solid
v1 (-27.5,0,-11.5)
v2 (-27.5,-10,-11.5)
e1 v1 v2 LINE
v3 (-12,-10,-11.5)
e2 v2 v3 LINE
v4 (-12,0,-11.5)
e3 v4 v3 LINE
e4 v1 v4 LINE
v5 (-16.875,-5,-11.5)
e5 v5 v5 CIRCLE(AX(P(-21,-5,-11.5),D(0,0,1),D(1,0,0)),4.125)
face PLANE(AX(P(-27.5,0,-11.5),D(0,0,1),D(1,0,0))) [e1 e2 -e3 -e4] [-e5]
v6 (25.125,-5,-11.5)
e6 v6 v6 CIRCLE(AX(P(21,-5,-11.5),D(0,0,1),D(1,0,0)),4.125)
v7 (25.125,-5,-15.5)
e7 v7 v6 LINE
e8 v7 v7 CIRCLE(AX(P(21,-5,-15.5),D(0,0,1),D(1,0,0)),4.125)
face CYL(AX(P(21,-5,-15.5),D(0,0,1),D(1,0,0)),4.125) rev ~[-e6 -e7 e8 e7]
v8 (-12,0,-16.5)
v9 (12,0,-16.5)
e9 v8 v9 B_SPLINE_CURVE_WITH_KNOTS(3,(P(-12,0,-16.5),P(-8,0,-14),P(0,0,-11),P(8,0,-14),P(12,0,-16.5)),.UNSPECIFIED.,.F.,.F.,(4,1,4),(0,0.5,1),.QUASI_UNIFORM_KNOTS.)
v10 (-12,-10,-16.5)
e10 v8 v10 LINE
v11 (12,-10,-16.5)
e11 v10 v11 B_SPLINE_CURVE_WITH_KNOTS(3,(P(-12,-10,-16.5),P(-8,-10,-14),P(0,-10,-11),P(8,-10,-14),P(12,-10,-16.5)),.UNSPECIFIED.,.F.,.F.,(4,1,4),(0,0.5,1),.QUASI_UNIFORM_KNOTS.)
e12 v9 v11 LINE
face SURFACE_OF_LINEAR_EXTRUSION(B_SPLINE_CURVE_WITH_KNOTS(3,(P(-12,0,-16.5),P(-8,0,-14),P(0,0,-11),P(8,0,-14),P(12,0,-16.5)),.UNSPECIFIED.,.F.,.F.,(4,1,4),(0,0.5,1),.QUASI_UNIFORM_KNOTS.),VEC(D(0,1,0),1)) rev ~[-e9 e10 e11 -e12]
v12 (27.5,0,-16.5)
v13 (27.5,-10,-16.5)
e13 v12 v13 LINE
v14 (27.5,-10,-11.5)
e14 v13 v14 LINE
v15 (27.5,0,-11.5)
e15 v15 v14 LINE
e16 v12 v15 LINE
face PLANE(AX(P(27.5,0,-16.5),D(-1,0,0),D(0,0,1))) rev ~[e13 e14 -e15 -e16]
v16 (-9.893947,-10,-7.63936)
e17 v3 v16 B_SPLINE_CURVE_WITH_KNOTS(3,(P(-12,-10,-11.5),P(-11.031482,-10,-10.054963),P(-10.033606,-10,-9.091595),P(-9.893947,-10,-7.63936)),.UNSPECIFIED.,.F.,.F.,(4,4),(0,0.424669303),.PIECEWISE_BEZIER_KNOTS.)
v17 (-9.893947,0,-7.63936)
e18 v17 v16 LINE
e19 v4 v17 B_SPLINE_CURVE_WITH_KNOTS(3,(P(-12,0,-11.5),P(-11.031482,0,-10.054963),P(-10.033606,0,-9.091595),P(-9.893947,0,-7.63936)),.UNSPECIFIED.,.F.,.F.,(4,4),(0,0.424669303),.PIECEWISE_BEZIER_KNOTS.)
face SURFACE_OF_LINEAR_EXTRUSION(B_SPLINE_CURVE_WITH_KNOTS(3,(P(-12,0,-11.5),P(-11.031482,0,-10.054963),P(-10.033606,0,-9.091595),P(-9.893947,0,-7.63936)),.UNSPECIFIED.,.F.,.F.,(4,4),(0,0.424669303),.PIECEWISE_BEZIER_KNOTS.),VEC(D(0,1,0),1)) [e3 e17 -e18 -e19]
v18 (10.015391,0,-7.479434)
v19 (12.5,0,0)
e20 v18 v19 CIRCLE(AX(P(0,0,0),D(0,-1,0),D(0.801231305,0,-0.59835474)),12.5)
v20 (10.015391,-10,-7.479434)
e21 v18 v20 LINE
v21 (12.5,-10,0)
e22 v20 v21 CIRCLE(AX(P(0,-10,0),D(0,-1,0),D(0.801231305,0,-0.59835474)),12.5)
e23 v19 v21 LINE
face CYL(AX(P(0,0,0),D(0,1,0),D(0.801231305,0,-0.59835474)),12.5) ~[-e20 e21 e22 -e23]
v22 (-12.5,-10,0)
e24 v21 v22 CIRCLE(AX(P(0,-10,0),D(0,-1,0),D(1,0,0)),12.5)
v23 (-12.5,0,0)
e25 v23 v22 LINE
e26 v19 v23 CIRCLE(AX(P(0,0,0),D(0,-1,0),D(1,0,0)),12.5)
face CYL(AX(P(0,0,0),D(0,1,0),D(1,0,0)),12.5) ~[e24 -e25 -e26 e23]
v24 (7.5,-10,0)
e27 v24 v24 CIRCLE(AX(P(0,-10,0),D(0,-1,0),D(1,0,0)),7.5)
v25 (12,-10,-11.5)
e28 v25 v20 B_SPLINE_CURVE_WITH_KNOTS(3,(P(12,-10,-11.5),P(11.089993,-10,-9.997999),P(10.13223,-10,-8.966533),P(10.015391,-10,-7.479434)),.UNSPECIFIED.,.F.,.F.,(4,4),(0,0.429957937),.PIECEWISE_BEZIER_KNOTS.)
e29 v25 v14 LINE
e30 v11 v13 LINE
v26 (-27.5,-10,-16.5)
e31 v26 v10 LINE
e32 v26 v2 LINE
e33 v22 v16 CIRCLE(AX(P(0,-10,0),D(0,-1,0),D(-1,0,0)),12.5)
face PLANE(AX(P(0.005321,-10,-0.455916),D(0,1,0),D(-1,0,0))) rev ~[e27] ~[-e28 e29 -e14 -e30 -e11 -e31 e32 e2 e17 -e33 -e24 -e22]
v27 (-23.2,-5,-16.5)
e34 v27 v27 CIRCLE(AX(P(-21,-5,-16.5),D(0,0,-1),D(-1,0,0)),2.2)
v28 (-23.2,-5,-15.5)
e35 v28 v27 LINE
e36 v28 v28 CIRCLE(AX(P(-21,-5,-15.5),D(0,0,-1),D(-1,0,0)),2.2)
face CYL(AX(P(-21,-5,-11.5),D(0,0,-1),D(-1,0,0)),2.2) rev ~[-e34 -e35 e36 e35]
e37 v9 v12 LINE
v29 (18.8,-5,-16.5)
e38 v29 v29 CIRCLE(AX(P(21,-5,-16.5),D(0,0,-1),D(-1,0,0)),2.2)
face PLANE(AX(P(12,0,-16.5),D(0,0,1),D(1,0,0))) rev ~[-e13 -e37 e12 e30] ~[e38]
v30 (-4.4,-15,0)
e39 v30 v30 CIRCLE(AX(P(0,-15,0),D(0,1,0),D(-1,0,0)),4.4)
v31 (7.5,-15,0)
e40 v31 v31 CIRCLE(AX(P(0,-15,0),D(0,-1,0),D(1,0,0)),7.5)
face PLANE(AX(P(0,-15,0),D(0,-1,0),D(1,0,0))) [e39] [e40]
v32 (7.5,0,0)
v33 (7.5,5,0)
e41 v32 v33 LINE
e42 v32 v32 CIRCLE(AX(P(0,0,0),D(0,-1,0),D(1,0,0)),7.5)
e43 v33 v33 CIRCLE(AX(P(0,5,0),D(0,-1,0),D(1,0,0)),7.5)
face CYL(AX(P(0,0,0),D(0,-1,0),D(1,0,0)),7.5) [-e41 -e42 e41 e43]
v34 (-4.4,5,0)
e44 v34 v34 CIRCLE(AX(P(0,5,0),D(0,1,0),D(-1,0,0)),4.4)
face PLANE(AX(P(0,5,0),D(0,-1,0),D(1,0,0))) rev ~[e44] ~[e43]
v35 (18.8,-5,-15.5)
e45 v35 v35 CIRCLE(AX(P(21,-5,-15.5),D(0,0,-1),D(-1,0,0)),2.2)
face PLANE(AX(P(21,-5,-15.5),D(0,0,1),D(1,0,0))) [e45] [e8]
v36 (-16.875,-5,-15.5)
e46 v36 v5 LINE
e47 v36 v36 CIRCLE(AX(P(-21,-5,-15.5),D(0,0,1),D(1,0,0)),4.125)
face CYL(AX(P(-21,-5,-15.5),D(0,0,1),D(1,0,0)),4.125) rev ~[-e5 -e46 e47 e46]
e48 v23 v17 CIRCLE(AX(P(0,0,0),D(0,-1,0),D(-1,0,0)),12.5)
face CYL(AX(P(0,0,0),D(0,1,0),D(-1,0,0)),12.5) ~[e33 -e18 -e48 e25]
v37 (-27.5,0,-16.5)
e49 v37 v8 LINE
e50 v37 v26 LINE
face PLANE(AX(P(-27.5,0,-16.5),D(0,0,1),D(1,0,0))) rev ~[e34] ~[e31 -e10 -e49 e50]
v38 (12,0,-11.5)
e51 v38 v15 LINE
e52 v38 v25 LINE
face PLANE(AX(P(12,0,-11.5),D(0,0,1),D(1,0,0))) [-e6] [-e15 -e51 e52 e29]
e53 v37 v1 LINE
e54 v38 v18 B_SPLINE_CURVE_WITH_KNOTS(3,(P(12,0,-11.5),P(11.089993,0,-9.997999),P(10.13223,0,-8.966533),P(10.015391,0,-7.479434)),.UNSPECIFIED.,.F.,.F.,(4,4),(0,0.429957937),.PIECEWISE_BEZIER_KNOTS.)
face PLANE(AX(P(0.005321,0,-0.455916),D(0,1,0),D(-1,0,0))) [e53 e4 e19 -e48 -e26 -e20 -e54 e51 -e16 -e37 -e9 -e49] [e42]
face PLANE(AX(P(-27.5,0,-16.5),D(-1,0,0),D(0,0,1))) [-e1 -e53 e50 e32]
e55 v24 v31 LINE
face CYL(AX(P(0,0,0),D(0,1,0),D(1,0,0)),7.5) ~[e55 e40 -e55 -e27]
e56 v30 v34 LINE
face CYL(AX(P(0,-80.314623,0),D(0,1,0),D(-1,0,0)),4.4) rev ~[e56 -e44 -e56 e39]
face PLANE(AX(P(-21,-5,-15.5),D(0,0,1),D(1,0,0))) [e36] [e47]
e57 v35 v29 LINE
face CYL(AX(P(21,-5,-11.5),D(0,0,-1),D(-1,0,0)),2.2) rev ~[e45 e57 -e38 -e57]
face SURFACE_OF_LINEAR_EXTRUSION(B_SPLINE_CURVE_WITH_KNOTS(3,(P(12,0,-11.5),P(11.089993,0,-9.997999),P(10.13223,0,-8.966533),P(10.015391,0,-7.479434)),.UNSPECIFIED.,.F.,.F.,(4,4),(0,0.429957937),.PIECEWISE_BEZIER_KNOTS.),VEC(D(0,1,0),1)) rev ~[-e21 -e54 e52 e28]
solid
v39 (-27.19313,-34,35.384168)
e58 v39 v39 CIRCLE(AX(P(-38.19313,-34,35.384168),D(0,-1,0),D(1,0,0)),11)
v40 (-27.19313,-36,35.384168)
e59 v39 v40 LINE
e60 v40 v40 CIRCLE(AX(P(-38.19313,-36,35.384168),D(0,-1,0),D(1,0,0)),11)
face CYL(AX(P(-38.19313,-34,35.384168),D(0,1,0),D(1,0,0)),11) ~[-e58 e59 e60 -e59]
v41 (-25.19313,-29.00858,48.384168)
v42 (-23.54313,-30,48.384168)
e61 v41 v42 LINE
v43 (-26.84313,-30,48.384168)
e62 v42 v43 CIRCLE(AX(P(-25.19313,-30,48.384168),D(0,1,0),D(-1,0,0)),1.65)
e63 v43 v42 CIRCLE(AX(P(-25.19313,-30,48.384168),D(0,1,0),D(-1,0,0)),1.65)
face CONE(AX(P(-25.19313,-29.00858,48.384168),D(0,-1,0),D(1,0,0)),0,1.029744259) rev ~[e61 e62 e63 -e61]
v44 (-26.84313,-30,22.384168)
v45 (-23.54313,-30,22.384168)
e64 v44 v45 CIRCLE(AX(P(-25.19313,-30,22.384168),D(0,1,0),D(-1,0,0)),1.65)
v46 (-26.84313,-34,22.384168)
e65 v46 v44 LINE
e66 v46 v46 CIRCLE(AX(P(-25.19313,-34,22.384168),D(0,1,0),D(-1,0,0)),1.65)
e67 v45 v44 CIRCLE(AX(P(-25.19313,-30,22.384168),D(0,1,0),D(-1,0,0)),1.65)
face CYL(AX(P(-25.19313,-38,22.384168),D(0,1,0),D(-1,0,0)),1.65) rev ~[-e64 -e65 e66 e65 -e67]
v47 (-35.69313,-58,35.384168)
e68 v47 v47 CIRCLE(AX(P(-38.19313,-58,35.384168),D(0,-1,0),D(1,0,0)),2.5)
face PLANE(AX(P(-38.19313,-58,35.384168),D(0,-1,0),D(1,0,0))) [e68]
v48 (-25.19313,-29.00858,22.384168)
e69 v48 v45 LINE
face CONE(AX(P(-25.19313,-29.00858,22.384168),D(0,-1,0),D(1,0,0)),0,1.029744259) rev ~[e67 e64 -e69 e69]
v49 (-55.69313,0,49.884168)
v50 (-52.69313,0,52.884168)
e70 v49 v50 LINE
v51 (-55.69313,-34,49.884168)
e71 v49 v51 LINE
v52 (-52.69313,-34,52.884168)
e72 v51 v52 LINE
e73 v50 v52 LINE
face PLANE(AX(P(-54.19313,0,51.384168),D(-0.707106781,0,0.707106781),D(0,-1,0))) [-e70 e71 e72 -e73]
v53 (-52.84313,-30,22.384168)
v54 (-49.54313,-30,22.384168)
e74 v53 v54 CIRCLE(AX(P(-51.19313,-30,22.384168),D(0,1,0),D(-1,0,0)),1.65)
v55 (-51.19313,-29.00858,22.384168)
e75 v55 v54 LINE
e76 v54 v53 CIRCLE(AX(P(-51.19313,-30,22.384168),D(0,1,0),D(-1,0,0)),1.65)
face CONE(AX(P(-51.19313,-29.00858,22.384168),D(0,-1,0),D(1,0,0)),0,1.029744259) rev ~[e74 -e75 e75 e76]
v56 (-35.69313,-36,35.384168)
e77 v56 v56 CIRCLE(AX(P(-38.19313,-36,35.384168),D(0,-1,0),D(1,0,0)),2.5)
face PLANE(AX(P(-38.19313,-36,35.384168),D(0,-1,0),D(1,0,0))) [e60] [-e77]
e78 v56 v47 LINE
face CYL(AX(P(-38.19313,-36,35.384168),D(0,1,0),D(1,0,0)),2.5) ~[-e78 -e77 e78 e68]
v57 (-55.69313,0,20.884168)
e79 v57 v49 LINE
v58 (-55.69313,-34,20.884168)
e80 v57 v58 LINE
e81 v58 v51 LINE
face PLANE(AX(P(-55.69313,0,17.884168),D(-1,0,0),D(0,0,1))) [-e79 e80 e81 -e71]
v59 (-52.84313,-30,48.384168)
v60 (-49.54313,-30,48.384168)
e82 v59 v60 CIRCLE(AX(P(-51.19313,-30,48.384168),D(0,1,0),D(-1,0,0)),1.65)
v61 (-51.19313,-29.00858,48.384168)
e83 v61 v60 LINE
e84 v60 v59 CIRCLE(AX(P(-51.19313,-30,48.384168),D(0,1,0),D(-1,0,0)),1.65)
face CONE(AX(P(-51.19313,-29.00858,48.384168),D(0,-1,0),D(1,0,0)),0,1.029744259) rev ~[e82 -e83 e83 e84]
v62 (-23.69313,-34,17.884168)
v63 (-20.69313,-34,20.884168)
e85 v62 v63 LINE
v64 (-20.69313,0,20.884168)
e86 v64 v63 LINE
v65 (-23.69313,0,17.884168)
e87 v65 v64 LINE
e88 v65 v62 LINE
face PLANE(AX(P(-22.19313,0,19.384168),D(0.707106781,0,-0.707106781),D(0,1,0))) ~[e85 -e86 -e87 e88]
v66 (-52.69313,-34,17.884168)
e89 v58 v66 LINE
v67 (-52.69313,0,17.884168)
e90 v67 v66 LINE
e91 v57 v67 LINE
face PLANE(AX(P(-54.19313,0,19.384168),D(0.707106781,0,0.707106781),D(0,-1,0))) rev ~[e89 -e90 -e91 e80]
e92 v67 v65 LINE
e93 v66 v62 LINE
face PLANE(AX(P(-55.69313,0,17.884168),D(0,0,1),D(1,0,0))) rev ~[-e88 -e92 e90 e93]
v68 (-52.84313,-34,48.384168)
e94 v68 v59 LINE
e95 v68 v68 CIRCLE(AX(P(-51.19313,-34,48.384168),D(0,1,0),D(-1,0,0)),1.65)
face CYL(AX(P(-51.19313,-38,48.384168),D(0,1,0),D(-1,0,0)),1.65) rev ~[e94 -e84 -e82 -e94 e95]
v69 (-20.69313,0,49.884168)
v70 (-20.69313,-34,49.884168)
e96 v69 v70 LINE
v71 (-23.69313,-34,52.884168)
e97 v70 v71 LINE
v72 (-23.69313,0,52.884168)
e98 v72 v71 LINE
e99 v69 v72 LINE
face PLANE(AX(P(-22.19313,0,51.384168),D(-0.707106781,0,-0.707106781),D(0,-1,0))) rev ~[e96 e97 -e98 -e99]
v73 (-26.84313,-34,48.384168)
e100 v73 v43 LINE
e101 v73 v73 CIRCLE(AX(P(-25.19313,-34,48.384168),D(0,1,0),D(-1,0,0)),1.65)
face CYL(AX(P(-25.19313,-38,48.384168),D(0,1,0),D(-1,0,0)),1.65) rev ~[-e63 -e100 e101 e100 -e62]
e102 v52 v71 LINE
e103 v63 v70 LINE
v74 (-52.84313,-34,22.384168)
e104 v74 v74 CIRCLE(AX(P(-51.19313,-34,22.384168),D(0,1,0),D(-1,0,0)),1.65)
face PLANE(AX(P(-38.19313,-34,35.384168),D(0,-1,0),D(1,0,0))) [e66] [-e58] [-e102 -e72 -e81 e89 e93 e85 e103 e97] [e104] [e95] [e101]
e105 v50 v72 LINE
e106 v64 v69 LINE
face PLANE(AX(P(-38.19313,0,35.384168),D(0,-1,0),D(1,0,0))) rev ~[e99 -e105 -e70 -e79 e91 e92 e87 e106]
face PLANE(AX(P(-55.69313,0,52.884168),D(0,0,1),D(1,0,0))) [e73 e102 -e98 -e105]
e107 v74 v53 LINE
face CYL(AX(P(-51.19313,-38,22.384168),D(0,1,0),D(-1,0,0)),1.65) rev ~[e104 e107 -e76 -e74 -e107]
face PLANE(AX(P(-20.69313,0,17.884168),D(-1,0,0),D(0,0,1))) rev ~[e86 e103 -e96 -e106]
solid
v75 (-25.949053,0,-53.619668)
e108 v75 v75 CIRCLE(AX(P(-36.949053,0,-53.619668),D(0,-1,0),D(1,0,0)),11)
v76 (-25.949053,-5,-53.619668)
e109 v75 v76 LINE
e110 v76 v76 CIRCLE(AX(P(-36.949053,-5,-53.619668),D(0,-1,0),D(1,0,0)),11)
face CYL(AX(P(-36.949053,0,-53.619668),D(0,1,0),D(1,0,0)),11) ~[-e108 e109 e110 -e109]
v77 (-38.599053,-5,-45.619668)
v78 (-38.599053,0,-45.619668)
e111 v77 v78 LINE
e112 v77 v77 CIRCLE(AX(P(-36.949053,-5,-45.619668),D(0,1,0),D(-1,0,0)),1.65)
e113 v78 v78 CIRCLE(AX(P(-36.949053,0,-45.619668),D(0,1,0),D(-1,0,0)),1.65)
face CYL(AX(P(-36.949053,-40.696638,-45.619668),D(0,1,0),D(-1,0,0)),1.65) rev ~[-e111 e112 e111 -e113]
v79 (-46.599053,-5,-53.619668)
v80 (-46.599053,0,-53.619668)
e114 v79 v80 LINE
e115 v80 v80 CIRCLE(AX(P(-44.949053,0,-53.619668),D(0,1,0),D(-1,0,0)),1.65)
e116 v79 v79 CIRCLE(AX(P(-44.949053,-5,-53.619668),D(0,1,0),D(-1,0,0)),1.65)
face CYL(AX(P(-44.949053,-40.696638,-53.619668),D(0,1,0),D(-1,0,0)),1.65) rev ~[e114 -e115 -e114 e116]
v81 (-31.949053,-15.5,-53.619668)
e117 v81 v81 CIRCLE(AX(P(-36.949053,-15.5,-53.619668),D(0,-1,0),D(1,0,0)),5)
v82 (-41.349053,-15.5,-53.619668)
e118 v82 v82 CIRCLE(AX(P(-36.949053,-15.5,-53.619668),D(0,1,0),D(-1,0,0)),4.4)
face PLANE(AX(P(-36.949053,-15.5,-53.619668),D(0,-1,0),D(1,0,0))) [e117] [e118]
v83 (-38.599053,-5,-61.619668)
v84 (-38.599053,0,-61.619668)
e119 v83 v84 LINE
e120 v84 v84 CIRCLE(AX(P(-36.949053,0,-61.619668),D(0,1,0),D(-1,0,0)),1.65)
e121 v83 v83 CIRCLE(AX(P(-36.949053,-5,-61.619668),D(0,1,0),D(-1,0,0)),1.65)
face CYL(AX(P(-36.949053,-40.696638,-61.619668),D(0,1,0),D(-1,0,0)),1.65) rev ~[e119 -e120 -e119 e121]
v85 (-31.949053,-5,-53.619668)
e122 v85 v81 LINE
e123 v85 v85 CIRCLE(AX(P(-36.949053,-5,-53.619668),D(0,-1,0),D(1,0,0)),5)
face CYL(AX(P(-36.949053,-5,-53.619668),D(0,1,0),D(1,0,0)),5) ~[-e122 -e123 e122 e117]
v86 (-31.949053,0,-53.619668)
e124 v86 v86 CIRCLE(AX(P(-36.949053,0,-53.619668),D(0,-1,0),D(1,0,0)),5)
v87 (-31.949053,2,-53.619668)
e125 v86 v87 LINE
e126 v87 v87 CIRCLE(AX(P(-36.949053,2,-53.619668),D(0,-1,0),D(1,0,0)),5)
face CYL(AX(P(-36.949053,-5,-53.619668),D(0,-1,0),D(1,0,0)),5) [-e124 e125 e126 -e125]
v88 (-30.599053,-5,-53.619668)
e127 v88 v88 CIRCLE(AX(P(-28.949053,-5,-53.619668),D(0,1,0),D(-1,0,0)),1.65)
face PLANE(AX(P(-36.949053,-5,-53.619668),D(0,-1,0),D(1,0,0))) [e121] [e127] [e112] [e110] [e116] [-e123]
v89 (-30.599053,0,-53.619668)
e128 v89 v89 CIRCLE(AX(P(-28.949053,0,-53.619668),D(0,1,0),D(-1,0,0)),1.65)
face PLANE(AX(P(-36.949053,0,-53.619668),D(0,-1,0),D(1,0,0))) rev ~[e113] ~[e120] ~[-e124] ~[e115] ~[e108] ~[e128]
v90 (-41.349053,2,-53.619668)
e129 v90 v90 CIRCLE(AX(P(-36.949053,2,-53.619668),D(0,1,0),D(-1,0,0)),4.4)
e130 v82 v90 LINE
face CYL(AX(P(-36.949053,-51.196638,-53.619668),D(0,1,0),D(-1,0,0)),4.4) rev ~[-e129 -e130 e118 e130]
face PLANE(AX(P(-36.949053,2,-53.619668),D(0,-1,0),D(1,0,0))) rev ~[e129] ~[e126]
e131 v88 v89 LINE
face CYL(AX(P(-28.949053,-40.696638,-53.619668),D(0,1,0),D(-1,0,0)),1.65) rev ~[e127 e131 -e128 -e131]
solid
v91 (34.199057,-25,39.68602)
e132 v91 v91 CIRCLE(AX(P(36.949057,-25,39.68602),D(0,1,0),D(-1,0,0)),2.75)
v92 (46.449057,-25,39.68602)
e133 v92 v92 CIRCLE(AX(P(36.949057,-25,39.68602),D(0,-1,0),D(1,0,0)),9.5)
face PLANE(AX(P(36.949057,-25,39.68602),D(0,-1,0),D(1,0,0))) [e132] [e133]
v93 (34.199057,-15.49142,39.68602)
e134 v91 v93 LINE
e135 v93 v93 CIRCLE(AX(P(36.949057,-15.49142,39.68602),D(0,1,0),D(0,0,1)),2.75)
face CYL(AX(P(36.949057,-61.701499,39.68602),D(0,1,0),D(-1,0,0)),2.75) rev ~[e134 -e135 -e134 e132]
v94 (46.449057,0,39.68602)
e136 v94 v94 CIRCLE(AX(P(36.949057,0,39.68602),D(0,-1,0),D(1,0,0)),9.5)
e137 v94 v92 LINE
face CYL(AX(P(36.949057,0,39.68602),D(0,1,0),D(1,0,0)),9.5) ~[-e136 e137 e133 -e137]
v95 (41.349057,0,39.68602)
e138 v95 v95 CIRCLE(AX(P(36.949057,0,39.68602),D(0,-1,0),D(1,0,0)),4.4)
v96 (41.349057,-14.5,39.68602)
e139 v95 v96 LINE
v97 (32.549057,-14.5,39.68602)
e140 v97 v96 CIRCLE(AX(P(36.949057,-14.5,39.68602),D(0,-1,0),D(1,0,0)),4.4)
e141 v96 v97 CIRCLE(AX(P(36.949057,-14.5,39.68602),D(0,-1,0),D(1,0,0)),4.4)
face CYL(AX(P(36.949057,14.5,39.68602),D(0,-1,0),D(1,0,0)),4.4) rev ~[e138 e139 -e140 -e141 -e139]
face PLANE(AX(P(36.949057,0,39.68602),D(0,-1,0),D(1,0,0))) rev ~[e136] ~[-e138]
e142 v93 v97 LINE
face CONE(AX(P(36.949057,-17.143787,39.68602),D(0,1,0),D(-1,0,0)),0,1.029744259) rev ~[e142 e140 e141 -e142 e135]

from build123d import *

# Parameters (mm, degrees)
F0_R           = 7.5
F0_W           = 15.5
F0_H           = 5
F1_DEPTH       = 10
F3_D           = 4.4
F3_CBORE_D     = 8.25
F3_CBORE_DEPTH = 4
F4_R           = 7.5
F5_DEPTH       = 15
F5_DEPTH_BACK  = 5
F7_D           = 8.8
F8_W           = 35
F8_H           = 35
F9_DEPTH       = 34
F10_SIZE       = 3
F12_D          = 3.3
F12_DEPTH      = 4
F12_TIP        = 0.9914200214
F13_R          = 11
F14_DEPTH      = 2
F15_R          = 2.5
F16_DEPTH      = 22
F17_R          = 9.5
F18_DEPTH      = 25
F20_D          = 5.5
F22_D          = 8.8
F22_DEPTH      = 14.5
F22_TIP        = 2.6437867237
F23_R          = 11
F24_DEPTH      = 5
F25_R          = 5
F26_DEPTH      = 10.5
F26_DEPTH_BACK = 7
F28_D          = 3.3
F30_D          = 8.8


with BuildPart() as f1:
    # F0 (on Front) → F1 (new body)
    with BuildSketch(Plane.XZ):
        with BuildLine():
            add(Edge.make_bspline(
                [(-9.8939468786, -7.6393596042), (-9.7047409223, -5.6719102787), (-11.090716619, -2.8071900072), (-12.5, 0)],
                knots=[0.4246693025, 0.4246693025, 0.4246693025, 0.4246693025, 1, 1, 1, 1], degree=3))
            ThreePointArc((-9.8939468786, -7.6393596042), (-5.511715021, -11.2192244619), (2e-10, -12.5))
            ThreePointArc((2e-10, -12.5), (5.6016547487, -11.1745901078), (10.0153913186, -7.4794342524))
            add(Edge.make_bspline(
                [(10.0153913186, -7.4794342524), (9.860485112, -5.5078260752), (11.1837295075, -2.7353221403), (12.5, 0)],
                knots=[0.4299579373, 0.4299579373, 0.4299579373, 0.4299579373, 1, 1, 1, 1], degree=3))
            ThreePointArc((12.5, 0), (0, 12.5), (-12.5, 0))
        make_face()
        Circle(F0_R, mode=Mode.SUBTRACT)
        with Locations((-19.75, -14)):
            Rectangle(F0_W, F0_H)
        with Locations((19.75, -14)):
            Rectangle(F0_W, F0_H)
        with BuildLine():
            add(Edge.make_bspline(
                [(-12, -11.5), (-11.0314817091, -10.0549629877), (-10.0336056207, -9.0915945297), (-9.8939468786, -7.6393596042)],
                knots=[0, 0, 0, 0, 0.4246693025, 0.4246693025, 0.4246693025, 0.4246693025], degree=3))
            Line((-12, -11.5), (-12, -16.5))
            add(Edge.make_bspline(
                [(-12, -16.5), (-8, -14), (-4, -12.5), (0, -12.5)],
                knots=[0, 0, 0, 0, 0.5, 0.5, 0.5, 0.5], degree=3))
            ThreePointArc((2e-10, -12.5), (-5.511715021, -11.2192244619), (-9.8939468786, -7.6393596042))
        make_face()
        with BuildLine():
            ThreePointArc((-12.5, 0), (-11.830560764, -4.0358186293), (-9.8939468786, -7.6393596042))
            add(Edge.make_bspline(
                [(-9.8939468786, -7.6393596042), (-9.7047409223, -5.6719102787), (-11.090716619, -2.8071900072), (-12.5, 0)],
                knots=[0.4246693025, 0.4246693025, 0.4246693025, 0.4246693025, 1, 1, 1, 1], degree=3))
        make_face()
        with BuildLine():
            ThreePointArc((10.0153913186, -7.4794342524), (5.6016547487, -11.1745901078), (2e-10, -12.5))
            add(Edge.make_bspline(
                [(0, -12.5), (4, -12.5), (8, -14), (12, -16.5)],
                knots=[0.5, 0.5, 0.5, 0.5, 1, 1, 1, 1], degree=3))
            Line((12, -16.5), (12, -11.5))
            add(Edge.make_bspline(
                [(12, -11.5), (11.0899934895, -9.9979989555), (10.1322303335, -8.9665325573), (10.0153913186, -7.4794342524)],
                knots=[0, 0, 0, 0, 0.4299579373, 0.4299579373, 0.4299579373, 0.4299579373], degree=3))
        make_face()
        with BuildLine():
            add(Edge.make_bspline(
                [(10.0153913186, -7.4794342524), (9.860485112, -5.5078260752), (11.1837295075, -2.7353221403), (12.5, 0)],
                knots=[0.4299579373, 0.4299579373, 0.4299579373, 0.4299579373, 1, 1, 1, 1], degree=3))
            ThreePointArc((10.0153913186, -7.4794342524), (11.8625965008, -3.9406603836), (12.5, 0))
        make_face()
    extrude(amount=F1_DEPTH)

    # F3 (through all)
    with Locations(Plane.XY.offset(-11.5)):
        with Locations((-21, -5), (21, -5)):
            CounterBoreHole(F3_D / 2, F3_CBORE_D / 2, F3_CBORE_DEPTH)

    # F4 (on Front) → F5 (join, two sides)
    with BuildSketch(Plane.XZ) as f5_sk:
        Circle(F4_R)
    extrude(amount=F5_DEPTH)
    extrude(f5_sk.sketch, amount=-F5_DEPTH_BACK)

    # F7 (through all)
    with Locations(Plane.XZ.offset(15)):
        with Locations((0, 0)):
            Hole(F7_D / 2)


with BuildPart() as f9:
    # F8 (on Front) → F9 (new body)
    with BuildSketch(Plane.XZ):
        with Locations((-38.1931299344, 35.3841675613)):
            Rectangle(F8_W, F8_H)
    extrude(amount=F9_DEPTH)

    # F10
    f10_edges = [f9.edges().sort_by_distance(p)[0] for p in [
        (-55.69313, -17, 52.884168),
        (-20.69313, -17, 52.884168),
        (-55.69313, -17, 17.884168),
        (-20.69313, -17, 17.884168),
    ]]
    chamfer(f10_edges, length=F10_SIZE)

    # F12
    with Locations(Plane.XZ.offset(34)):
        with Locations((-51.1931299344, 48.3841675613), (-51.1931299344, 22.3841675613), (-25.1931299344, 22.3841675613), (-25.1931299344, 48.3841675613)):
            Hole(F12_D / 2, depth=F12_DEPTH)
            with Locations((0, 0, -(F12_DEPTH + F12_TIP / 2))):  # 118° drill point
                Cone(0, F12_D / 2, F12_TIP, mode=Mode.SUBTRACT)

    # F13 (on face) → F14 (join)
    with BuildSketch(Plane.XZ.offset(34)):
        with Locations((-38.1931299344, 35.3841675613)):
            Circle(F13_R)
    extrude(amount=F14_DEPTH)

    # F15 (on face) → F16 (join)
    with BuildSketch(Plane.XZ.offset(36)):
        with Locations((-38.1931299344, 35.3841675613)):
            Circle(F15_R)
    extrude(amount=F16_DEPTH)


with BuildPart() as f18:
    # F17 (on Front) → F18 (new body)
    with BuildSketch(Plane.XZ):
        with Locations((36.949057132, 39.6860204637)):
            Circle(F17_R)
    extrude(amount=F18_DEPTH)

    # F20 (through all)
    with Locations(Plane.XZ.offset(25)):
        with Locations((36.949057132, 39.6860204637)):
            Hole(F20_D / 2)

    # F22
    with Locations(Plane(origin=(0, 0, 0), x_dir=(-1, 0, 0), z_dir=(0, 1, 0))):
        with Locations((-36.949057132, 39.6860204637)):
            Hole(F22_D / 2, depth=F22_DEPTH)
            with Locations((0, 0, -(F22_DEPTH + F22_TIP / 2))):  # 118° drill point
                Cone(0, F22_D / 2, F22_TIP, mode=Mode.SUBTRACT)


with BuildPart() as f24:
    # F23 (on Front) → F24 (new body)
    with BuildSketch(Plane.XZ):
        with Locations((-36.9490534067, -53.6196678877)):
            Circle(F23_R)
    extrude(amount=F24_DEPTH)

    # F25 (on face) → F26 (join, two sides)
    with BuildSketch(Plane.XZ.offset(5)) as f26_sk:
        with Locations((-36.9490534067, -53.6196678877)):
            Circle(F25_R)
    extrude(amount=F26_DEPTH)
    extrude(f26_sk.sketch, amount=-F26_DEPTH_BACK)

    # F28 (through all)
    with Locations(Plane.XZ.offset(5)):
        with Locations((-36.9490534067, -45.6196678877), (-28.9490534067, -53.6196678877), (-36.9490534067, -61.6196678877), (-44.9490534067, -53.6196678877)):
            Hole(F28_D / 2)

    # F30 (through all)
    with Locations(Plane.XZ.offset(15.5)):
        with Locations((-36.9490534067, -53.6196678877)):
            Hole(F30_D / 2)


solid = Compound([f1.part, f9.part, f18.part, f24.part])
